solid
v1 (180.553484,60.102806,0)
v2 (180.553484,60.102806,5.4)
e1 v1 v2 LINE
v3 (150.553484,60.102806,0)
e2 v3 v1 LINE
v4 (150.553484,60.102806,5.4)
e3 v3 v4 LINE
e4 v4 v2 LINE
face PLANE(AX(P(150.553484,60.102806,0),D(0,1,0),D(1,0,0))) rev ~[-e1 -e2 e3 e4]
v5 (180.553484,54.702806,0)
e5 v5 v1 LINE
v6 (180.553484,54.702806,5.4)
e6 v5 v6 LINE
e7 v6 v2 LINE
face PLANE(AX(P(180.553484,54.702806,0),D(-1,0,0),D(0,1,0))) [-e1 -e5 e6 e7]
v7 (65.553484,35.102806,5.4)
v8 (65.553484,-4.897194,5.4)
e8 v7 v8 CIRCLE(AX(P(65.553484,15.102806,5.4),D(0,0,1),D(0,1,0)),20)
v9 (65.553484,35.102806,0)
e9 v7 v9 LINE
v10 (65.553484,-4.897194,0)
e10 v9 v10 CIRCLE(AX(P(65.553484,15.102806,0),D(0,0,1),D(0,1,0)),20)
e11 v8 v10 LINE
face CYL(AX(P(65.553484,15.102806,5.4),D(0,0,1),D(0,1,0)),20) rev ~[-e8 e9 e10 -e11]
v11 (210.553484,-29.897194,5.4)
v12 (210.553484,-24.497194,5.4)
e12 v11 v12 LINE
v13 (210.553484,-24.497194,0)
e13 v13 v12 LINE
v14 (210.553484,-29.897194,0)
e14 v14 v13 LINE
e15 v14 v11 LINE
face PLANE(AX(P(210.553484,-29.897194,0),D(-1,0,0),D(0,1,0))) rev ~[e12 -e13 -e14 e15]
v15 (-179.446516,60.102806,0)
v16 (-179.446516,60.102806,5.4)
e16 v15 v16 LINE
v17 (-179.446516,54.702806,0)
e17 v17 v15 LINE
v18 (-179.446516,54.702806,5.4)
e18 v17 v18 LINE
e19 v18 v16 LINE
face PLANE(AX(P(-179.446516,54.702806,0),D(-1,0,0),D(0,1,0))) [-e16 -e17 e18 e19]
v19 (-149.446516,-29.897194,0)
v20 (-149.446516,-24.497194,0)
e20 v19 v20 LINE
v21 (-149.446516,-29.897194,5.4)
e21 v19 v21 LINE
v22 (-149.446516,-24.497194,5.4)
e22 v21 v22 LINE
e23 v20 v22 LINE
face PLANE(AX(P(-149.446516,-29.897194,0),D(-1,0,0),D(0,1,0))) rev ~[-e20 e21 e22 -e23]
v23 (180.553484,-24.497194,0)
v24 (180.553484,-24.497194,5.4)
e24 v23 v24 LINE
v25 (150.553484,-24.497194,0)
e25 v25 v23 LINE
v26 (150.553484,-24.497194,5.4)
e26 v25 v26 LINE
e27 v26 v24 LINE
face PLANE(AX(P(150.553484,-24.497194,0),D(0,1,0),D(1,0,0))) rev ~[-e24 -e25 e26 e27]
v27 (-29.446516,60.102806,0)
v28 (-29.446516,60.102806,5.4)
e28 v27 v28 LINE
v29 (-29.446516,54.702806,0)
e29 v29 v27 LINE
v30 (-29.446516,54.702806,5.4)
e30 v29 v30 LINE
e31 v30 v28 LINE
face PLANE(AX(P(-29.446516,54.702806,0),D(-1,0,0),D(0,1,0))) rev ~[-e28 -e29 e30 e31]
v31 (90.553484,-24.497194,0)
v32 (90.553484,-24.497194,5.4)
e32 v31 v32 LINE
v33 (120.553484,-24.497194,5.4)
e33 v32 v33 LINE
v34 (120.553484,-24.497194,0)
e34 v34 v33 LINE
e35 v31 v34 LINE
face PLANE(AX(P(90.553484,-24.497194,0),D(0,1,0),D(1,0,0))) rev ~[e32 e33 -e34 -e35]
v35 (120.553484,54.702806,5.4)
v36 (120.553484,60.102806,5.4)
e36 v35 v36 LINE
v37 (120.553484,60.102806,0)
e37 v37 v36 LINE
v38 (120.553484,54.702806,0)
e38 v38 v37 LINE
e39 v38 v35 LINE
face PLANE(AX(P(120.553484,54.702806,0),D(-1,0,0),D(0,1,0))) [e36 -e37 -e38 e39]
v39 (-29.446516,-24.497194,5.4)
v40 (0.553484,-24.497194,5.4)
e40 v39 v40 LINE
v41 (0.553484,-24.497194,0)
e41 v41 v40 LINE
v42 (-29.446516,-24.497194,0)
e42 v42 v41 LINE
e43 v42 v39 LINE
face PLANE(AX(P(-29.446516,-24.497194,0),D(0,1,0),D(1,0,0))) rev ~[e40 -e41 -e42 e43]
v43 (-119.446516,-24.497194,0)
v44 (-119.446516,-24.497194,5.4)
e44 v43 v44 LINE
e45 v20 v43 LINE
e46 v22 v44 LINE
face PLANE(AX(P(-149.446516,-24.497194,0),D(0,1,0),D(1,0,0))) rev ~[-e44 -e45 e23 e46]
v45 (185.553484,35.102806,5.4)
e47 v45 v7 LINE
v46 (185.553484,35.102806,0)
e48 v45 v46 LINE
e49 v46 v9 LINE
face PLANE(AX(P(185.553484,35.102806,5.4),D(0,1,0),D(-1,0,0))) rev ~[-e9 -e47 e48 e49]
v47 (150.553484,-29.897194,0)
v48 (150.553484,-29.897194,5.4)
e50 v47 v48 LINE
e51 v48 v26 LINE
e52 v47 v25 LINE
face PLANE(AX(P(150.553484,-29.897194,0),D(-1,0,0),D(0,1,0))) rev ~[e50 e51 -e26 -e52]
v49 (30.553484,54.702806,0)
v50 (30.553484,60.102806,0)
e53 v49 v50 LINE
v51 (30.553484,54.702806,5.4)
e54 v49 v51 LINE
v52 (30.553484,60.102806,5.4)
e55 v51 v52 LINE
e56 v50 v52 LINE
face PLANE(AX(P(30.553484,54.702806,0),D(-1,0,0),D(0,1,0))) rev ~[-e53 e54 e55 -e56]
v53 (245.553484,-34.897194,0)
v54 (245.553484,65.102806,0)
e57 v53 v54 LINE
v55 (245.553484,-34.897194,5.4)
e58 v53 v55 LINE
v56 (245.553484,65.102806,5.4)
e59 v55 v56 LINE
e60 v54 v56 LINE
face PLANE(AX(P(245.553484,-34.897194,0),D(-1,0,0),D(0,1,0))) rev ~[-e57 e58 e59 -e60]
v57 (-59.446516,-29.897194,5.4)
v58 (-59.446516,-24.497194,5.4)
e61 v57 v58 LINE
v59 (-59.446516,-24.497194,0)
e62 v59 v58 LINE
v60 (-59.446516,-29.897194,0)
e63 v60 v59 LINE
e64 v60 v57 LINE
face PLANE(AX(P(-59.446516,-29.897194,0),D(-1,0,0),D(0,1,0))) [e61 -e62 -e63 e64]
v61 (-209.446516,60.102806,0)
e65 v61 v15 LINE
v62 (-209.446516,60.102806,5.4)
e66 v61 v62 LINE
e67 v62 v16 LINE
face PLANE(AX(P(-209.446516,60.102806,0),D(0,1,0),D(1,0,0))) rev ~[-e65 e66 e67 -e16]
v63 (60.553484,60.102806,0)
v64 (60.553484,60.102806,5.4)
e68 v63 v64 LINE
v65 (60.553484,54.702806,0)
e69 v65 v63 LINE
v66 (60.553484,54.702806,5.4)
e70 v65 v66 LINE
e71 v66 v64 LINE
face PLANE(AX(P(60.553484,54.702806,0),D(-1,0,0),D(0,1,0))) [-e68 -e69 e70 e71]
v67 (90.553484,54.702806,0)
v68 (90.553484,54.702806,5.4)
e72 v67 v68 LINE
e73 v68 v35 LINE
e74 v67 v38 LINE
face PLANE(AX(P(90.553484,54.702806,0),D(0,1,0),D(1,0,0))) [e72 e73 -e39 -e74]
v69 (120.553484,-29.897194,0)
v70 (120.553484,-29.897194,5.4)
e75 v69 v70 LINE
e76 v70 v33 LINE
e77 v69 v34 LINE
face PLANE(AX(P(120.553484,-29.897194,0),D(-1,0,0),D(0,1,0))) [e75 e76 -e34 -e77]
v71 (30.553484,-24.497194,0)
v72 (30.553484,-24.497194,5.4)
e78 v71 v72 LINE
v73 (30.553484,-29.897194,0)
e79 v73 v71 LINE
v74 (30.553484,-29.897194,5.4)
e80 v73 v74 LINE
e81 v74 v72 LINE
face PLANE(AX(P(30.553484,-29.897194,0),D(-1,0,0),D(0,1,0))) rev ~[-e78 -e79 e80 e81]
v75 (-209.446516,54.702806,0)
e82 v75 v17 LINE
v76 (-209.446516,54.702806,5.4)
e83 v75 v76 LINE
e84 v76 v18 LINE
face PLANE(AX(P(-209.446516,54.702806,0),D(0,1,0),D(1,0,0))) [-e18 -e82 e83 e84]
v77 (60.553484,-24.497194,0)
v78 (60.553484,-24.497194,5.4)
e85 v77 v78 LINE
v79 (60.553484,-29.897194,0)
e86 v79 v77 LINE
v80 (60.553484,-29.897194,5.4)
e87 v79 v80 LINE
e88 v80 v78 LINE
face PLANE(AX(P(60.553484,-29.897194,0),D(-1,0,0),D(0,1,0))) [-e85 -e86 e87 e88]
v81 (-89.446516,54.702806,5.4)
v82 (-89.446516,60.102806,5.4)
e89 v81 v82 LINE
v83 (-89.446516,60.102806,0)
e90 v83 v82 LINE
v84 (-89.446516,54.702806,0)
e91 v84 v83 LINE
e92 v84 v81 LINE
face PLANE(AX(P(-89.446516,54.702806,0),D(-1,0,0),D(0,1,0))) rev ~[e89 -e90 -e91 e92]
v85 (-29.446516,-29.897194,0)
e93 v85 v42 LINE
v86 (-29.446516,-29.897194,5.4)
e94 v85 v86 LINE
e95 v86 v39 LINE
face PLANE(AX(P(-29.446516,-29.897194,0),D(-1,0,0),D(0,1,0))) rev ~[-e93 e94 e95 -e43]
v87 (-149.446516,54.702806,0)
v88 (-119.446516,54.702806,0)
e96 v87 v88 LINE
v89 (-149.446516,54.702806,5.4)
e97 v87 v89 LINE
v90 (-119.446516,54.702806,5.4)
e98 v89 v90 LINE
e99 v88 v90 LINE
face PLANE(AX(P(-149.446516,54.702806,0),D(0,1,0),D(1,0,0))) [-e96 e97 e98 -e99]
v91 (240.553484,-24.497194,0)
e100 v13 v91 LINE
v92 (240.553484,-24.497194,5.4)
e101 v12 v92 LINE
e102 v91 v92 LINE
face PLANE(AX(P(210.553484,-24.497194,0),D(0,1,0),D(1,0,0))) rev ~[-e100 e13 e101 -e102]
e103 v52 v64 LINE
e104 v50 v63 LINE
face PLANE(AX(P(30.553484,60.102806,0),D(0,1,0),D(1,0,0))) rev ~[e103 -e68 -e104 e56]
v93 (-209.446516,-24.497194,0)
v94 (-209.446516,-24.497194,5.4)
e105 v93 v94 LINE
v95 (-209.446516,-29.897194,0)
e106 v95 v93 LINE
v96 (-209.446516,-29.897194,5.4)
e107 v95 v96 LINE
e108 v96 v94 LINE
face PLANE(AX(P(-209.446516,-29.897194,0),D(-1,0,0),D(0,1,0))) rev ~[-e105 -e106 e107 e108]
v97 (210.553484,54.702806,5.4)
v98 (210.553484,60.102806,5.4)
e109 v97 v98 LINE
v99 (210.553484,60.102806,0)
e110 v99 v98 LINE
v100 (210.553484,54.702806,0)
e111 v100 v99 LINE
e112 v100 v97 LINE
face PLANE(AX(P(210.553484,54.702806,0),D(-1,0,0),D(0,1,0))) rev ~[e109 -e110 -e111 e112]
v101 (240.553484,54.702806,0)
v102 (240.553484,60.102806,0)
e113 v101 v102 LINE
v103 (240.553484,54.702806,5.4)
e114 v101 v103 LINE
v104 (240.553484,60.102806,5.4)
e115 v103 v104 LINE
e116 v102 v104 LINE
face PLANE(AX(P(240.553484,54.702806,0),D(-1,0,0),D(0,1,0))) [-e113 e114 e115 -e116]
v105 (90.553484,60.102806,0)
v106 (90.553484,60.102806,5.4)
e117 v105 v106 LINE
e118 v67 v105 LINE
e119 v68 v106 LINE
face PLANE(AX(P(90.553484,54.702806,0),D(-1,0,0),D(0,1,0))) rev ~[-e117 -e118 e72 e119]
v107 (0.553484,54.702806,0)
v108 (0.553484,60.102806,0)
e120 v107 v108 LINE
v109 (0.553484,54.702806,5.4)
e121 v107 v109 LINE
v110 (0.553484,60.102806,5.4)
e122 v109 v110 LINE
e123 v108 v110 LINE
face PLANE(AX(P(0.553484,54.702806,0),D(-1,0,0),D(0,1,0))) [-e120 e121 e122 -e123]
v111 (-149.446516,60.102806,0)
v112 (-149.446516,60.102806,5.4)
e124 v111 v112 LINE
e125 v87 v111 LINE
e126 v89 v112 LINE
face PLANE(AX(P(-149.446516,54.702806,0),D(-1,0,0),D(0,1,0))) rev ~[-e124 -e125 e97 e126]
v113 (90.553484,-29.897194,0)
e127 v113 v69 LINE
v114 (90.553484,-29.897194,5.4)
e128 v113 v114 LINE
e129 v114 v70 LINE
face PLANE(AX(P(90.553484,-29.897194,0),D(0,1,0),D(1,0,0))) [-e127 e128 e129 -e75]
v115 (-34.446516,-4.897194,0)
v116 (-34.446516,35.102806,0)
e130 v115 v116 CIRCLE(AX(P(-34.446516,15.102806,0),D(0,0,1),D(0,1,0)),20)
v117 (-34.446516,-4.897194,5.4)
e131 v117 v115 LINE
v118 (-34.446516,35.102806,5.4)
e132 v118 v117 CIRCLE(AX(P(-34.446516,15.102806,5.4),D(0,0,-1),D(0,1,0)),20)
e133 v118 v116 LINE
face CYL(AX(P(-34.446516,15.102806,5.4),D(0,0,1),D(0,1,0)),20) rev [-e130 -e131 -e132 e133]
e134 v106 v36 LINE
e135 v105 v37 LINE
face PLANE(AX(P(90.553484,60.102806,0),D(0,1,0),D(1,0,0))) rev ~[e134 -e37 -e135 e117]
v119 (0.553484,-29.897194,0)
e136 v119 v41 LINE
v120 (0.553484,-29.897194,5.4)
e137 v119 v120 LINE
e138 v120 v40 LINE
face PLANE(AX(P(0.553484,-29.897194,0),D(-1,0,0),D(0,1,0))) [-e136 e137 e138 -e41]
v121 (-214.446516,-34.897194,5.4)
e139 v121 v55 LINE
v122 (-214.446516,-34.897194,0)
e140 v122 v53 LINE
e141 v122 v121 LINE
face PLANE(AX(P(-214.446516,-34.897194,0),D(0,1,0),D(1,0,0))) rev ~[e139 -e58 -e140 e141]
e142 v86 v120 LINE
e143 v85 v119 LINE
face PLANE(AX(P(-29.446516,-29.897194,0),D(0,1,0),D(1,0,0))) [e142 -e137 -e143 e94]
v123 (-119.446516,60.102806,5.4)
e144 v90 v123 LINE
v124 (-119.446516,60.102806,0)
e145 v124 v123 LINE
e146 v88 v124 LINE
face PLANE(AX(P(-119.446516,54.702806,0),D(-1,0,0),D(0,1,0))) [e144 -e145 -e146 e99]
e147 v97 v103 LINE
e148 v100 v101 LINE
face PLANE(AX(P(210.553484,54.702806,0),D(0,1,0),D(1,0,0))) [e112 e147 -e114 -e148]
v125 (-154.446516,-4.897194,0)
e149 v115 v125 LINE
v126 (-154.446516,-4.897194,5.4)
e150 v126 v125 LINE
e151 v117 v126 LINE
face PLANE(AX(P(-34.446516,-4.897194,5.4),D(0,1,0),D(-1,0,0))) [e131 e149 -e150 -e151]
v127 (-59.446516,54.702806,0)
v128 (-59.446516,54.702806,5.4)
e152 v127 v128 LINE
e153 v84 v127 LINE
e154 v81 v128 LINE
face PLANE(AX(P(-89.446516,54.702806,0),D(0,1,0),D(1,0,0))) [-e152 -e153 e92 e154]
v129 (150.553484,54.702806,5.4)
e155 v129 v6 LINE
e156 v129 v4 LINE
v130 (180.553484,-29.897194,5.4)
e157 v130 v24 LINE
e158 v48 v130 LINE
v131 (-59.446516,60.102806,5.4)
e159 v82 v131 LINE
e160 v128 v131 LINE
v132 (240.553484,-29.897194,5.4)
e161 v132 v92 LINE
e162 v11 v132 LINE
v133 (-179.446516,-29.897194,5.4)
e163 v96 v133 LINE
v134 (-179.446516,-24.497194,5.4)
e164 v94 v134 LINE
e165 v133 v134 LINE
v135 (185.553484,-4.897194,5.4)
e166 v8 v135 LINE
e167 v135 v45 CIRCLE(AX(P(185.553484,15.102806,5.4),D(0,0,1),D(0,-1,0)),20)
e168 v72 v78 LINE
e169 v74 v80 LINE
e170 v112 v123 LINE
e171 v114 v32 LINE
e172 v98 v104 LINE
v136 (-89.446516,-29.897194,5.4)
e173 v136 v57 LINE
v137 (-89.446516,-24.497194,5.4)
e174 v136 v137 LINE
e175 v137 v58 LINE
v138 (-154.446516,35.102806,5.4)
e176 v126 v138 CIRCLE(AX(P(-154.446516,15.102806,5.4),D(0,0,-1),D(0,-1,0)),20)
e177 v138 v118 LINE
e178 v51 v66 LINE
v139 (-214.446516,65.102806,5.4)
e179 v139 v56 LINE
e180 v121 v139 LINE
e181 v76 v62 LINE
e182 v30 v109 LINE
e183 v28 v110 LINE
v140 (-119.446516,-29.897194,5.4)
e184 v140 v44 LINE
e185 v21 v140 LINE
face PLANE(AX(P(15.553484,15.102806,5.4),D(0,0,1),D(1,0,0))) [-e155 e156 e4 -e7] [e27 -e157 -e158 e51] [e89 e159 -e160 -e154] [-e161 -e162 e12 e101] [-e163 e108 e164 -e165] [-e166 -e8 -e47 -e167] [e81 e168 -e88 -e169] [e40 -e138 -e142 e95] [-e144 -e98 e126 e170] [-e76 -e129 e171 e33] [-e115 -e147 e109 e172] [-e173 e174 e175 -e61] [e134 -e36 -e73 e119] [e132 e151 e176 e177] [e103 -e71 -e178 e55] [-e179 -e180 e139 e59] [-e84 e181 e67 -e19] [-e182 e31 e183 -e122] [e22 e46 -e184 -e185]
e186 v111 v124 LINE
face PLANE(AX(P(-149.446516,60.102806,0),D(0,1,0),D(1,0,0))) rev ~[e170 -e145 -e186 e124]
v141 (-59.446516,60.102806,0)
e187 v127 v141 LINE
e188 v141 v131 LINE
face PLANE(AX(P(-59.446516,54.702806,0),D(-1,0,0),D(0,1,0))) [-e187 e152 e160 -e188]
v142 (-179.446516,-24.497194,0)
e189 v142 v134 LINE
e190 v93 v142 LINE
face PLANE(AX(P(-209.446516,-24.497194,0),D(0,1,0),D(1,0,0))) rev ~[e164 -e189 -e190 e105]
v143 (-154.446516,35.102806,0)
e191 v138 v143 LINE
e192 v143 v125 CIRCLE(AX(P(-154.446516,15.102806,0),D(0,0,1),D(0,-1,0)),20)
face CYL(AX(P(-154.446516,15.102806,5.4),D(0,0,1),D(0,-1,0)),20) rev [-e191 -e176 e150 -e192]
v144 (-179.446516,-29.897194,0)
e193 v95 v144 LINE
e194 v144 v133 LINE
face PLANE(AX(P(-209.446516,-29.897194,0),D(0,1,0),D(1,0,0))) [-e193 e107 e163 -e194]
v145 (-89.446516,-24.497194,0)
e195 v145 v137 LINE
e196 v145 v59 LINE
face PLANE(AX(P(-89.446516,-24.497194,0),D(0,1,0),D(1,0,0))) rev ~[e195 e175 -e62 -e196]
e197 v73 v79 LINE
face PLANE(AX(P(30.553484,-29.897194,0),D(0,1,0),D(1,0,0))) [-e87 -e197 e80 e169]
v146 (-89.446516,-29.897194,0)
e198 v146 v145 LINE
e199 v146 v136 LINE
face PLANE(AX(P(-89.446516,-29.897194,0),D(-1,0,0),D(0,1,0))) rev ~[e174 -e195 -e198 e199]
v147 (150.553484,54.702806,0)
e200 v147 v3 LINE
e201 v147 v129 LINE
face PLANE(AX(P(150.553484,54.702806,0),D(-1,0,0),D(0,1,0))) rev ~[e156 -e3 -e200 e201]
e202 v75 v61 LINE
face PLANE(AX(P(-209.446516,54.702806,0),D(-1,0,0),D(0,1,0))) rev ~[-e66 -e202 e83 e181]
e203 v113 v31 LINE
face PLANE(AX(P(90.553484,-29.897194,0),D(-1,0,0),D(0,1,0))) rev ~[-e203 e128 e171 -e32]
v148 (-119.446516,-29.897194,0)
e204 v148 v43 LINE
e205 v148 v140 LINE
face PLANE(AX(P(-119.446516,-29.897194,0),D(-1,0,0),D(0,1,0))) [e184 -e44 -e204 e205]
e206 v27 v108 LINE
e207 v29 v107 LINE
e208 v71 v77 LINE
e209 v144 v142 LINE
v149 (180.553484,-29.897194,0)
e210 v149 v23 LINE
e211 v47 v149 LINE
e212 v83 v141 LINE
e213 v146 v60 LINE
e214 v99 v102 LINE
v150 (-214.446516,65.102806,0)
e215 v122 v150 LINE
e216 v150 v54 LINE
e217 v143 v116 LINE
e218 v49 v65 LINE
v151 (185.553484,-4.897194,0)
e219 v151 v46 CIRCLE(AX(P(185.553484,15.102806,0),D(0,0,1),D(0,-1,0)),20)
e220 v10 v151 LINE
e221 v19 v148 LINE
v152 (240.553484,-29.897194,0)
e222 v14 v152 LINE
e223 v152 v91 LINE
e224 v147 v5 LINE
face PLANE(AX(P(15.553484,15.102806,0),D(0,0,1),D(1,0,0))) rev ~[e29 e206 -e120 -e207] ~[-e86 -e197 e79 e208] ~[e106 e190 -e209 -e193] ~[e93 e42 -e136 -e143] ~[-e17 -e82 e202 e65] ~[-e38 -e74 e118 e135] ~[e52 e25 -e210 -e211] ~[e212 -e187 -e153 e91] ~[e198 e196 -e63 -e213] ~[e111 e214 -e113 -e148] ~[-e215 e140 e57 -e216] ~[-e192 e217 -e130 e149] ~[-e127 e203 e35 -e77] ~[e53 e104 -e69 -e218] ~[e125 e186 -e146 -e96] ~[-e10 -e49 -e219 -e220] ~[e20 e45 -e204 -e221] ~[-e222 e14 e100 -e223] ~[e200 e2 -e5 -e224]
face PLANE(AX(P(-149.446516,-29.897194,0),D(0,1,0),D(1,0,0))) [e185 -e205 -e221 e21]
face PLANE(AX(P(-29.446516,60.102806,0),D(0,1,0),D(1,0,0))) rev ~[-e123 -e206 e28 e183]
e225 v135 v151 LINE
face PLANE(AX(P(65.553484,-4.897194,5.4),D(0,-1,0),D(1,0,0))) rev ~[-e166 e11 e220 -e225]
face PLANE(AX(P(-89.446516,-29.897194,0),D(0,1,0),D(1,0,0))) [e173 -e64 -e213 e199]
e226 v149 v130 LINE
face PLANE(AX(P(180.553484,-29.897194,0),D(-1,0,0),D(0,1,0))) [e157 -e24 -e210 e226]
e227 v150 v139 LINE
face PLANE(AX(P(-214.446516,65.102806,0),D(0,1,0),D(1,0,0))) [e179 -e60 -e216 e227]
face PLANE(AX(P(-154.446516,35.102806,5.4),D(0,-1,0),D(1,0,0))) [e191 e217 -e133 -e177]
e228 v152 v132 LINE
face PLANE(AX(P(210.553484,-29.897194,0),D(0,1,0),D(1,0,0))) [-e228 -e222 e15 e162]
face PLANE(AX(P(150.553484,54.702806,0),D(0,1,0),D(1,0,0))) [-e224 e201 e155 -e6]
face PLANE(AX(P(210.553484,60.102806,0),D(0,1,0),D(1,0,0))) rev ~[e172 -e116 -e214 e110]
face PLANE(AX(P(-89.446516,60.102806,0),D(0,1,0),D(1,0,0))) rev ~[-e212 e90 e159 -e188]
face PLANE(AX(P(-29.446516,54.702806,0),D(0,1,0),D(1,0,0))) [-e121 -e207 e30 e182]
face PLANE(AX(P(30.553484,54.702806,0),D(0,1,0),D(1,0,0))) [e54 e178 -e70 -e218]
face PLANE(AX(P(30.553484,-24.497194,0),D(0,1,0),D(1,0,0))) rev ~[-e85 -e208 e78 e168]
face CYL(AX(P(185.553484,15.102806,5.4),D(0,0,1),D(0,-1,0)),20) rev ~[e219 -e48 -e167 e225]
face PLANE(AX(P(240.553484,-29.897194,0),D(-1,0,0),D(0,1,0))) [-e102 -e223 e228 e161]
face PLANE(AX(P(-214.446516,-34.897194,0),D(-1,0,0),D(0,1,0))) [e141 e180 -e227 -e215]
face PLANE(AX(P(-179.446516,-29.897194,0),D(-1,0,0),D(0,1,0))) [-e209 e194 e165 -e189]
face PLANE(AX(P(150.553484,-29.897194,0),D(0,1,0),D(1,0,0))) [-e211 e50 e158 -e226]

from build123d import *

# Parameters (mm, degrees)
SKETCH1_W           = 460
SKETCH1_H           = 100
SKETCH1_W_2         = 30
SKETCH1_H_2         = 5.4
BOSS_EXTRUDE1_DEPTH = 5.4
CUT_EXTRUDE1_DEPTH  = 6.4


with BuildPart() as part:
    # Sketch1 → Boss-Extrude1 (new body)
    with BuildSketch(Plane.XY):
        with Locations((15.553483591, 15.102805507)):
            Rectangle(SKETCH1_W, SKETCH1_H)
        with Locations((-134.446516409, 57.402805507)):
            Rectangle(SKETCH1_W_2, SKETCH1_H_2, mode=Mode.SUBTRACT)
        with Locations((-194.446516409, 57.402805507)):
            Rectangle(SKETCH1_W_2, SKETCH1_H_2, mode=Mode.SUBTRACT)
        with Locations((-74.446516409, 57.402805507)):
            Rectangle(SKETCH1_W_2, SKETCH1_H_2, mode=Mode.SUBTRACT)
        with Locations((-14.446516409, 57.402805507)):
            Rectangle(SKETCH1_W_2, SKETCH1_H_2, mode=Mode.SUBTRACT)
        with Locations((45.553483591, 57.402805507)):
            Rectangle(SKETCH1_W_2, SKETCH1_H_2, mode=Mode.SUBTRACT)
        with Locations((105.553483591, 57.402805507)):
            Rectangle(SKETCH1_W_2, SKETCH1_H_2, mode=Mode.SUBTRACT)
        with Locations((165.553483591, 57.402805507)):
            Rectangle(SKETCH1_W_2, SKETCH1_H_2, mode=Mode.SUBTRACT)
        with Locations((225.553483591, 57.402805507)):
            Rectangle(SKETCH1_W_2, SKETCH1_H_2, mode=Mode.SUBTRACT)
        with Locations((225.553483591, -27.197194493)):
            Rectangle(SKETCH1_W_2, SKETCH1_H_2, mode=Mode.SUBTRACT)
        with Locations((165.553483591, -27.197194493)):
            Rectangle(SKETCH1_W_2, SKETCH1_H_2, mode=Mode.SUBTRACT)
        with Locations((105.553483591, -27.197194493)):
            Rectangle(SKETCH1_W_2, SKETCH1_H_2, mode=Mode.SUBTRACT)
        with Locations((45.553483591, -27.197194493)):
            Rectangle(SKETCH1_W_2, SKETCH1_H_2, mode=Mode.SUBTRACT)
        with Locations((-14.446516409, -27.197194493)):
            Rectangle(SKETCH1_W_2, SKETCH1_H_2, mode=Mode.SUBTRACT)
        with Locations((-74.446516409, -27.197194493)):
            Rectangle(SKETCH1_W_2, SKETCH1_H_2, mode=Mode.SUBTRACT)
        with Locations((-134.446516409, -27.197194493)):
            Rectangle(SKETCH1_W_2, SKETCH1_H_2, mode=Mode.SUBTRACT)
        with Locations((-194.446516409, -27.197194493)):
            Rectangle(SKETCH1_W_2, SKETCH1_H_2, mode=Mode.SUBTRACT)
    extrude(amount=BOSS_EXTRUDE1_DEPTH)

    # Sketch2 → Cut-Extrude1 (cut, through all)
    with BuildSketch(Plane.XY.offset(5.4)):
        with BuildLine():
            Line((-154.446516409, 35.102805507), (-34.446516409, 35.102805507))
            ThreePointArc((-34.446516409, 35.102805507), (-14.446516409, 15.102805507), (-34.446516409, -4.897194493))
            Line((-34.446516409, -4.897194493), (-154.446516409, -4.897194493))
            ThreePointArc((-154.446516409, -4.897194493), (-174.446516409, 15.102805507), (-154.446516409, 35.102805507))
        make_face()
        with BuildLine():
            Line((65.553483591, -4.897194493), (185.553483591, -4.897194493))
            ThreePointArc((185.553483591, -4.897194493), (205.553483591, 15.102805507), (185.553483591, 35.102805507))
            Line((185.553483591, 35.102805507), (65.553483591, 35.102805507))
            ThreePointArc((65.553483591, 35.102805507), (45.553483591, 15.102805507), (65.553483591, -4.897194493))
        make_face()
    extrude(amount=-CUT_EXTRUDE1_DEPTH, mode=Mode.SUBTRACT)


solid = part.part
